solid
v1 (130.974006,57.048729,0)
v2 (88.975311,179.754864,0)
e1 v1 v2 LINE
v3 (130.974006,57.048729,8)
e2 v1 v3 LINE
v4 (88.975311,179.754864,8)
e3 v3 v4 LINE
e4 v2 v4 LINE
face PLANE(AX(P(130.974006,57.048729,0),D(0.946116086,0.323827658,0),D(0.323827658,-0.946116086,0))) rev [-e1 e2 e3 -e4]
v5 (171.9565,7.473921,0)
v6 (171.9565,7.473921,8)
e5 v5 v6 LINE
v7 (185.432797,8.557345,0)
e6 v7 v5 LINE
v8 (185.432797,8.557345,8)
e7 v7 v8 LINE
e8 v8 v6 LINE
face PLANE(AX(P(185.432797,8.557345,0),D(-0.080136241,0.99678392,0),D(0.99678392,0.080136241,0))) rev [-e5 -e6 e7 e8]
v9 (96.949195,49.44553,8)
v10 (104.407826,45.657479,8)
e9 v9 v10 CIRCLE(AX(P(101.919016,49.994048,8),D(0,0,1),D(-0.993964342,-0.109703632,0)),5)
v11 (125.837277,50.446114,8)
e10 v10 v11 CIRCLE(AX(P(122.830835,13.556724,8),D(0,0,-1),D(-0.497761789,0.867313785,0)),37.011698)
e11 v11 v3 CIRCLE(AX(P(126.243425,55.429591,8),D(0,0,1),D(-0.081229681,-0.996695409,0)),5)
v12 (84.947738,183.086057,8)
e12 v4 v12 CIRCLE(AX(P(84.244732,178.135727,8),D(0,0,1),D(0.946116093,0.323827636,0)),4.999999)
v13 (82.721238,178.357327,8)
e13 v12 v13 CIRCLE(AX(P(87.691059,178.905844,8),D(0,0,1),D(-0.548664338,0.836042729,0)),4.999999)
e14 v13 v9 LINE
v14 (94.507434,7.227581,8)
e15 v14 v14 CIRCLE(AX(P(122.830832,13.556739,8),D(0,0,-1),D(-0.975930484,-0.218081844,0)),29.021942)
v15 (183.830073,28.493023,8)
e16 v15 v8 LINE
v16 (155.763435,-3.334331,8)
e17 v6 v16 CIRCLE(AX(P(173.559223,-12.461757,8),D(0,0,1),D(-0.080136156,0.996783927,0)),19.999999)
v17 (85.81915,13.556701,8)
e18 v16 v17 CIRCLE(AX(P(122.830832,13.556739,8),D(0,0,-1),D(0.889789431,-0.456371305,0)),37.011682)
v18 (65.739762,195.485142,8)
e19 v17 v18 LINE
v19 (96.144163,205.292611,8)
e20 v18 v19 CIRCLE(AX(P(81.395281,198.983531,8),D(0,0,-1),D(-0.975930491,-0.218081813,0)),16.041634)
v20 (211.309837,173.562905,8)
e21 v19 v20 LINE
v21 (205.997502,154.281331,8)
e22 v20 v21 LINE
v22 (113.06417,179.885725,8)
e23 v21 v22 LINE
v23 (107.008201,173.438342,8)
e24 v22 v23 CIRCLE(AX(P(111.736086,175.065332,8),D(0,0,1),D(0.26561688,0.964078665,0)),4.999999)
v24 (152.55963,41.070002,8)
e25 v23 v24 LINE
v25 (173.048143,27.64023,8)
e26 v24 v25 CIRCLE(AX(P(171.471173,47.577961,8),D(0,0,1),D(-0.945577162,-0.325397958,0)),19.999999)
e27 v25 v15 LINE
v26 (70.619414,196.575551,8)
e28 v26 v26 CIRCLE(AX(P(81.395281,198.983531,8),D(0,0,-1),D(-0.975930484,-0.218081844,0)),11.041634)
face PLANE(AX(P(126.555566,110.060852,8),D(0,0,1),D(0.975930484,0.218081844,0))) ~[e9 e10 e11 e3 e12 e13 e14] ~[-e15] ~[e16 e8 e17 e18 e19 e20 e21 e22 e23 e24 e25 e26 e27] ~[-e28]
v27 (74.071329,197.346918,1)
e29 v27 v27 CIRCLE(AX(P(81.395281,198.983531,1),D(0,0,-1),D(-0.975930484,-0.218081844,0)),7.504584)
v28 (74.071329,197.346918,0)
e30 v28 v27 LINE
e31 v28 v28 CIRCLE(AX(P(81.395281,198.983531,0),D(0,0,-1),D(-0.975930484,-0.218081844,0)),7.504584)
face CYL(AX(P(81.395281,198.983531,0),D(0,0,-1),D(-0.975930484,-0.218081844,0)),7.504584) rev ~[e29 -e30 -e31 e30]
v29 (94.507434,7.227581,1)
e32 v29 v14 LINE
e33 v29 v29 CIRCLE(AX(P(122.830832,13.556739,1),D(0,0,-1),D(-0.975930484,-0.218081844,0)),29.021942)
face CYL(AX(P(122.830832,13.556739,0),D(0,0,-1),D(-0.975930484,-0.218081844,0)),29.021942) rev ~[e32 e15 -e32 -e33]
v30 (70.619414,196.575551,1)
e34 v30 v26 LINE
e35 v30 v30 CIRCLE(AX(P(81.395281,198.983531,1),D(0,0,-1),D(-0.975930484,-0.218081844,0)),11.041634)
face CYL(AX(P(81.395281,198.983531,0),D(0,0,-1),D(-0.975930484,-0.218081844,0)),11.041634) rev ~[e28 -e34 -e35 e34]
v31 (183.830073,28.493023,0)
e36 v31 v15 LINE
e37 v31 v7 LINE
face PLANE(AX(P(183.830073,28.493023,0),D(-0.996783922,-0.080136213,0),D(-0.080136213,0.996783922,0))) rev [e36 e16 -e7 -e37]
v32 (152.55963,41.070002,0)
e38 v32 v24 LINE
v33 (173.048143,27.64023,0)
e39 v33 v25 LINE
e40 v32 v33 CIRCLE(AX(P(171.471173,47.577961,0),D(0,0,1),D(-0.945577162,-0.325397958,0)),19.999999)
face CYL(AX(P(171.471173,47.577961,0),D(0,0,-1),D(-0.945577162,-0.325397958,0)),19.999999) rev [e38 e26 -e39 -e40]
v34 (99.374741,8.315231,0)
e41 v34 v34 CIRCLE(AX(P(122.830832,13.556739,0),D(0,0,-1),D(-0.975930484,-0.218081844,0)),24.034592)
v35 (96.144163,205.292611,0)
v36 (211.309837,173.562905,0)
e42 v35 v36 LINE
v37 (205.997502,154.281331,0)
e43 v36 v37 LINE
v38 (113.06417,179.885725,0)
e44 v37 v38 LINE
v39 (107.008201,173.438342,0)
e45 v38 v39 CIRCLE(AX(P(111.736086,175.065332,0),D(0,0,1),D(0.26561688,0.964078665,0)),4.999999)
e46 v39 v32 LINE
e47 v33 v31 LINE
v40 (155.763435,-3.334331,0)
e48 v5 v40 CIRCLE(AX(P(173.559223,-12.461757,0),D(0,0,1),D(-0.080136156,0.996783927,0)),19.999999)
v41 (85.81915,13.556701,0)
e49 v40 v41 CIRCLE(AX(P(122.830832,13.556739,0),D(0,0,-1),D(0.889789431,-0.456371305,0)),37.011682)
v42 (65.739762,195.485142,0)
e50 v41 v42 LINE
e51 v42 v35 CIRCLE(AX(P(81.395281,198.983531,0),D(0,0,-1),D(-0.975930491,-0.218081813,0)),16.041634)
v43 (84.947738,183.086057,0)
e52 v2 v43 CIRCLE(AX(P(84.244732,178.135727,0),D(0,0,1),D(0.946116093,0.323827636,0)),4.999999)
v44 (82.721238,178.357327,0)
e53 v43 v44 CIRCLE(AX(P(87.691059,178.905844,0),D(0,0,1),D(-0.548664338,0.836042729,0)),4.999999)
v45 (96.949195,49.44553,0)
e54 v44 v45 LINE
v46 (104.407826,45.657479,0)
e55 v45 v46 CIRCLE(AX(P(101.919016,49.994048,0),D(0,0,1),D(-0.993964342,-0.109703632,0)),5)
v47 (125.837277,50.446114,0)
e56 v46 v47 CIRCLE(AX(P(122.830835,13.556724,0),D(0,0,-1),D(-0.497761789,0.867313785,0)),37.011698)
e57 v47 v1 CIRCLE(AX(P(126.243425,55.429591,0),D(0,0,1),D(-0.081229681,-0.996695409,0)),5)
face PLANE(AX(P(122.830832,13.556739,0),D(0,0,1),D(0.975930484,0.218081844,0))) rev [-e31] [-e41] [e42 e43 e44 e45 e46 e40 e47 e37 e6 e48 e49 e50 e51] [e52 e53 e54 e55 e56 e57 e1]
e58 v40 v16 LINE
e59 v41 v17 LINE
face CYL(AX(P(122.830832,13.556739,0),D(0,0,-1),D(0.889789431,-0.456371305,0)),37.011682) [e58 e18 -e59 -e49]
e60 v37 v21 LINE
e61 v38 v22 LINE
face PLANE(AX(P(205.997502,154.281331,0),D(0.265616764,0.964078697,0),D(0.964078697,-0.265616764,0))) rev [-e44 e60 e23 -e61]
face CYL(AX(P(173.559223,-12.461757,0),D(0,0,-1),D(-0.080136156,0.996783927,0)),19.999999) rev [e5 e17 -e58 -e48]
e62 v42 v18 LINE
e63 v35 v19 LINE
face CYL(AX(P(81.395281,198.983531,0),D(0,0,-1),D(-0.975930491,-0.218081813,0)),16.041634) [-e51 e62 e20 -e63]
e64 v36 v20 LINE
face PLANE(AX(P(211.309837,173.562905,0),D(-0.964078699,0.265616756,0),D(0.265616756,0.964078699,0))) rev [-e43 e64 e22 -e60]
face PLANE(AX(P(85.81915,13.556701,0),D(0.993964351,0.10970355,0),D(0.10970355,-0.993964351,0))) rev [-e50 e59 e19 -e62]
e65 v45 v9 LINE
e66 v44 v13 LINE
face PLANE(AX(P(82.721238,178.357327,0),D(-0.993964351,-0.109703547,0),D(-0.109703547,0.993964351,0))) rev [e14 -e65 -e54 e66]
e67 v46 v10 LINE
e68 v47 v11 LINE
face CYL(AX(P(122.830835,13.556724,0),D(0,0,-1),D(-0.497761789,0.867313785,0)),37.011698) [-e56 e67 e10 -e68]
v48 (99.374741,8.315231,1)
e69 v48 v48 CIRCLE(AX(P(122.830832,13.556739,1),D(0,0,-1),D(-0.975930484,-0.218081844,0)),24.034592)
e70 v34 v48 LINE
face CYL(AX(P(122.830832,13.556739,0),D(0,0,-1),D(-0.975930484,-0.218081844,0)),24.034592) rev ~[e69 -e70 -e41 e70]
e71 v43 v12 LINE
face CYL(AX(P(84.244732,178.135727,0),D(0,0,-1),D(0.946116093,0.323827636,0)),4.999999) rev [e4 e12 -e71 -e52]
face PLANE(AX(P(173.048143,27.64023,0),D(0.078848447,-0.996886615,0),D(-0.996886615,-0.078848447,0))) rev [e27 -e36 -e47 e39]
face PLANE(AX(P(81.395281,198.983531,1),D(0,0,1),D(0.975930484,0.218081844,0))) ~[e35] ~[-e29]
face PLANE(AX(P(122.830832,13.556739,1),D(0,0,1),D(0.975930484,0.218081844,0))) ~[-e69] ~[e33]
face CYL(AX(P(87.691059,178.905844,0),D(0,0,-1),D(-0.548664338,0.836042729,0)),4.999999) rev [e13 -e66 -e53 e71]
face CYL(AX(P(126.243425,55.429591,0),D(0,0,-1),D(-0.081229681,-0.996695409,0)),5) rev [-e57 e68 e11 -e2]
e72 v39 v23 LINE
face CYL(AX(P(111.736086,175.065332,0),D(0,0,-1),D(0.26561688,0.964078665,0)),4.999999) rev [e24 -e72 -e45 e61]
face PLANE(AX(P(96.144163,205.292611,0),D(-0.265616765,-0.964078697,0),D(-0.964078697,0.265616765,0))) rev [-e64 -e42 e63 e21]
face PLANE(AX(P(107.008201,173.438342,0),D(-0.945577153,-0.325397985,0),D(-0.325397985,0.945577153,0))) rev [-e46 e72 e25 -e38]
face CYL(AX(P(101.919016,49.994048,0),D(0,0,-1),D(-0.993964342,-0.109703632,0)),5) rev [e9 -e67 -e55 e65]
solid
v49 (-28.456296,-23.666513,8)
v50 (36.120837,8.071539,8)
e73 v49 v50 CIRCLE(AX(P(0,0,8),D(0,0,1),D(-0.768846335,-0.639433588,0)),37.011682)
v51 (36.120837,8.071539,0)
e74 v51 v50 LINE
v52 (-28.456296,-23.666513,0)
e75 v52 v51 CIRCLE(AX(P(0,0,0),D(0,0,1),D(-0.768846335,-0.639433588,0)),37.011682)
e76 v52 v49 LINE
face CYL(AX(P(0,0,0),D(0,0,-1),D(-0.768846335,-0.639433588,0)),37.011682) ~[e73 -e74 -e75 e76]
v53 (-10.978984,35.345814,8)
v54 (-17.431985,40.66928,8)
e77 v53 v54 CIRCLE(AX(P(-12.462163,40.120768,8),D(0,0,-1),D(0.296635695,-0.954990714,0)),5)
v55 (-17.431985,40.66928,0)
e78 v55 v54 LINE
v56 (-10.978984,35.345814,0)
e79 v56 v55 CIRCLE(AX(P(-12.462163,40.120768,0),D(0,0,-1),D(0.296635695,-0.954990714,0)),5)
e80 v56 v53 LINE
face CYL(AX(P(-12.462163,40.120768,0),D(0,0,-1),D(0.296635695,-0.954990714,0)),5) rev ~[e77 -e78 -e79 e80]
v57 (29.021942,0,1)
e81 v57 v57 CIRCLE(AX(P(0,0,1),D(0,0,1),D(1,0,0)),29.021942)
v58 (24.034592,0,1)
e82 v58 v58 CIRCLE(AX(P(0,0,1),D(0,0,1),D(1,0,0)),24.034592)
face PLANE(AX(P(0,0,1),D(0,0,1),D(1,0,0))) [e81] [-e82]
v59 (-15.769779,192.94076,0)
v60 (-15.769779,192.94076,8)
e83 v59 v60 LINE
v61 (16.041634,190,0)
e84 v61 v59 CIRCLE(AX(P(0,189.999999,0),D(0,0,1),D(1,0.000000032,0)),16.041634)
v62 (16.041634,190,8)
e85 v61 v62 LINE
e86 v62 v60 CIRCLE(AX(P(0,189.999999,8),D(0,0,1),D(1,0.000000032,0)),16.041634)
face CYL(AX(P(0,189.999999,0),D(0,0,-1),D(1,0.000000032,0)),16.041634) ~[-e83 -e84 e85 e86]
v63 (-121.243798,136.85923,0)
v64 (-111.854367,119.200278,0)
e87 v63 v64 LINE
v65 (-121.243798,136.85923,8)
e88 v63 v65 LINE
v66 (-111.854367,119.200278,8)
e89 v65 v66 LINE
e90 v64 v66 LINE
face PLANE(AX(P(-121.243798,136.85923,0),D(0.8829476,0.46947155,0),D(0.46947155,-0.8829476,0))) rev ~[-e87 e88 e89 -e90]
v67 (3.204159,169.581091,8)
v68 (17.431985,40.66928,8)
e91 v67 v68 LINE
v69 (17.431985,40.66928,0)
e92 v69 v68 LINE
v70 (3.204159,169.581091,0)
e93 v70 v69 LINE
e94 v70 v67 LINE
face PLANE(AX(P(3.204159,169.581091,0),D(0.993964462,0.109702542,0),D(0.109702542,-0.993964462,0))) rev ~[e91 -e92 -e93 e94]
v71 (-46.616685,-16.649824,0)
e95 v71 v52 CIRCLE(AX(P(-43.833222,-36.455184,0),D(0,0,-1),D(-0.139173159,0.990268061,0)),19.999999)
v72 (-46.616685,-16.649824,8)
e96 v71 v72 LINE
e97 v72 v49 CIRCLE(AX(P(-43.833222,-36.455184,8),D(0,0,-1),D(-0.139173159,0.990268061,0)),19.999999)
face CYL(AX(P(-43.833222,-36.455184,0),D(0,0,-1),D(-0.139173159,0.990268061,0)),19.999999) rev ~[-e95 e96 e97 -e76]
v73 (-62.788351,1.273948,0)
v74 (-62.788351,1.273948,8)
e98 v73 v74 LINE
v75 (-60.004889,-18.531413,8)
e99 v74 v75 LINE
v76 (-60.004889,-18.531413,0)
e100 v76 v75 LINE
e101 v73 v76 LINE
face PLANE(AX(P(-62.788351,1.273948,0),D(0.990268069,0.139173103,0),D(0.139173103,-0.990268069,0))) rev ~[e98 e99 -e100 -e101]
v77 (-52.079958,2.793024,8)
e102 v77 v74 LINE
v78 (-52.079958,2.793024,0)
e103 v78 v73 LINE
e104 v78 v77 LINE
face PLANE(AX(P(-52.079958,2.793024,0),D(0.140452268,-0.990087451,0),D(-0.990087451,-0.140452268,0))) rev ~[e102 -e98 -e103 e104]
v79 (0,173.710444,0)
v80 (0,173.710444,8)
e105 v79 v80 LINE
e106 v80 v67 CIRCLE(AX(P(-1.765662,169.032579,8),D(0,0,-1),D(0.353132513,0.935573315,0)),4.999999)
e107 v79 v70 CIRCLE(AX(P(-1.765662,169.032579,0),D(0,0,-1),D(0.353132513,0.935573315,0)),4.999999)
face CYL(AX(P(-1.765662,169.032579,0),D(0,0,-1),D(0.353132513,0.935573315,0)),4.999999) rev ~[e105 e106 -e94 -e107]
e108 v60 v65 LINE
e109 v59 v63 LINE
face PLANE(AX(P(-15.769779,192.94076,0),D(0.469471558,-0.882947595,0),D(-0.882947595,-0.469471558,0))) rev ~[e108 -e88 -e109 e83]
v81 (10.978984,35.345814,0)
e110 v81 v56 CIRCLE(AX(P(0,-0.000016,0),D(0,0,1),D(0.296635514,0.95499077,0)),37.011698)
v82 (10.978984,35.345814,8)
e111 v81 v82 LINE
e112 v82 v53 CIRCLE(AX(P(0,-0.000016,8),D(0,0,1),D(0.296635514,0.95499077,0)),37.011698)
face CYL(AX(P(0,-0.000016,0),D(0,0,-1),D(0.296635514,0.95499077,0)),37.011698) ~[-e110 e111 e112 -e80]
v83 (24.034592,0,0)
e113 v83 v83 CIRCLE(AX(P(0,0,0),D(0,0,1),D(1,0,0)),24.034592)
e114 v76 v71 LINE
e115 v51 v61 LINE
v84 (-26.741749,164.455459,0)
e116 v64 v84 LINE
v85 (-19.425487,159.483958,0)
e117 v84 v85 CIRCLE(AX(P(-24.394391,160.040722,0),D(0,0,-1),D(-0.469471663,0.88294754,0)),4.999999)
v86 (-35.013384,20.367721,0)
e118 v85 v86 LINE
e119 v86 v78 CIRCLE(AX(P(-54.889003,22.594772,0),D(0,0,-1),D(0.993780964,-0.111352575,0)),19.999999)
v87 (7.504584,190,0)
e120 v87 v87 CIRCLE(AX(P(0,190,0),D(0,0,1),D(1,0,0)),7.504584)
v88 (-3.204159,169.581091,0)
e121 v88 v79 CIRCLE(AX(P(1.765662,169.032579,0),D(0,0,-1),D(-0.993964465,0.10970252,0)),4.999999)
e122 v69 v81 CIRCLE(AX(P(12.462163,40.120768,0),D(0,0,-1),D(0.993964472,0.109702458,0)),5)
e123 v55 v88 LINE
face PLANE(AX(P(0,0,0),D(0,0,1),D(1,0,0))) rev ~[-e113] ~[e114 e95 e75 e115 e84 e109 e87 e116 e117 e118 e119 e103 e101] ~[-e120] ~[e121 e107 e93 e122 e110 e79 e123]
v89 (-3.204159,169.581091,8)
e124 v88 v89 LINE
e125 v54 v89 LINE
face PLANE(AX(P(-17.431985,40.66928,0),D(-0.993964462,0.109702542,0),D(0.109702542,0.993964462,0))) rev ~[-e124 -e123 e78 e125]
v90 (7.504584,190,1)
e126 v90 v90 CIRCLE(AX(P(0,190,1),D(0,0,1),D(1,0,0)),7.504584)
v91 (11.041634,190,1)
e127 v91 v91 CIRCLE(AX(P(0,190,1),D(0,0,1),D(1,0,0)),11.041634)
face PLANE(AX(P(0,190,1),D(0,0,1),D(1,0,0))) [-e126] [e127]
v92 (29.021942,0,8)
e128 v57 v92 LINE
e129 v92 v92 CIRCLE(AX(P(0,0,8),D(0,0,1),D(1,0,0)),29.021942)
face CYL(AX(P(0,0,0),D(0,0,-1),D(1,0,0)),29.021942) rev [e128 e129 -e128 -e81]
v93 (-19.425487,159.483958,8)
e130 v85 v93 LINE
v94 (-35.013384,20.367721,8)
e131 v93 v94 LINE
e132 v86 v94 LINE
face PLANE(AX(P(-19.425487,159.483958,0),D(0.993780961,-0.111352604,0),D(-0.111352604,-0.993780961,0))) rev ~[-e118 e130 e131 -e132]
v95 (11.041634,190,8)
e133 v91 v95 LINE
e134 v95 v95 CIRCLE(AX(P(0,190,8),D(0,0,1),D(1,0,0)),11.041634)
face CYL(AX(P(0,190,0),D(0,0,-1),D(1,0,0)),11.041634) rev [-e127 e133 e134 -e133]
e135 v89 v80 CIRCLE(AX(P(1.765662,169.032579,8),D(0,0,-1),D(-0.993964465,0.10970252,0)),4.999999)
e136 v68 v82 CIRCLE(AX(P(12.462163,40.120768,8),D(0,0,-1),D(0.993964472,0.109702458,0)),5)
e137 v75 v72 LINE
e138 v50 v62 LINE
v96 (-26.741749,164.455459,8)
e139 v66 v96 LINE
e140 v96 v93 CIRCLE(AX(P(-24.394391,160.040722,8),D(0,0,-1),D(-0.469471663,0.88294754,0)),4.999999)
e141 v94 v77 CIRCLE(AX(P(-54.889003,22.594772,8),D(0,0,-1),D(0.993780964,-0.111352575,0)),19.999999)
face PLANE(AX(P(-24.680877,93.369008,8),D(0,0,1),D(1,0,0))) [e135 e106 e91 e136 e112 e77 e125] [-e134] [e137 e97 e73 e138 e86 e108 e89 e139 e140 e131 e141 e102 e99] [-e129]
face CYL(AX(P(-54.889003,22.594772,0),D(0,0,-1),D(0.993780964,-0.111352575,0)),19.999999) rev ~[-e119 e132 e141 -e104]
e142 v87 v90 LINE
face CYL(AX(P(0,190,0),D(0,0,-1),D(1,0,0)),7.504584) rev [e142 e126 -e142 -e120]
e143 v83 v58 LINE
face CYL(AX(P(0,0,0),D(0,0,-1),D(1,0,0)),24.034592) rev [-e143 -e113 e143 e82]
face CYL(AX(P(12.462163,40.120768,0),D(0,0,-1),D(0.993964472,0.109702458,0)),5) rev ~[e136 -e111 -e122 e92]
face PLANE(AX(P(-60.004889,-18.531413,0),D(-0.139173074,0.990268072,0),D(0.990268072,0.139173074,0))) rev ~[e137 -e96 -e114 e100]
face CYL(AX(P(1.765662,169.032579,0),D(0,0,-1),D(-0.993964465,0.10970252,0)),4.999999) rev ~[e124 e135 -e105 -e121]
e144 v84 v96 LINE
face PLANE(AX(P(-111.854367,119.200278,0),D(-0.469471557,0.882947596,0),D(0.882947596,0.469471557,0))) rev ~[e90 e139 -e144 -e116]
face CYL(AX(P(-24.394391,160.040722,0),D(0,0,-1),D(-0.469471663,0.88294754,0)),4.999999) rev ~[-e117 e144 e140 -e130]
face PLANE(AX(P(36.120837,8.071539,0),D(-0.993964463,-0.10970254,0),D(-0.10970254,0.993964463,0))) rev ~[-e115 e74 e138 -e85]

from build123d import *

# Parameters (mm, degrees)
F0_R     = 29.021942
F0_R_2   = 11.041634
F1_DEPTH = 8
F0_R_3   = 7.504584
F2_DEPTH = 1
F0_R_4   = 24.034592
F3_DEPTH = 1


with BuildPart() as f1:
    # F0 (on Top) → F1 (new body)
    with BuildSketch(Plane.XY):
        with BuildLine():
            ThreePointArc((-46.616685, -16.649824), (-36.62508, -17.799283), (-28.456296, -23.666513))
            ThreePointArc((-28.456296, -23.666513), (16.325204, -33.216748), (36.120837, 8.071539))
            Line((36.120837, 8.071539), (16.041634, 190))
            ThreePointArc((16.041634, 190), (1.47665, 205.973525), (-15.769779, 192.94076))
            Line((-15.769779, 192.94076), (-121.243798, 136.85923))
            Line((-121.243798, 136.85923), (-111.854367, 119.200278))
            Line((-111.854367, 119.200278), (-26.741749, 164.455459))
            ThreePointArc((-26.741749, 164.455459), (-21.584217, 164.176289), (-19.425487, 159.483958))
            Line((-19.425487, 159.483958), (-35.013384, 20.367721))
            ThreePointArc((-35.013384, 20.367721), (-40.540972, 8.661575), (-52.079958, 2.793024))
            Line((-52.079958, 2.793024), (-62.788351, 1.273948))
            Line((-62.788351, 1.273948), (-60.004889, -18.531413))
            Line((-60.004889, -18.531413), (-46.616685, -16.649824))
        make_face()
        Circle(F0_R, mode=Mode.SUBTRACT)
        with BuildLine():
            Line((-17.431985, 40.66928), (-3.204159, 169.581091))
            ThreePointArc((-3.204159, 169.581091), (-2.1846, 172.097773), (0, 173.710444))
            ThreePointArc((0, 173.710444), (2.1846, 172.097773), (3.204159, 169.581091))
            Line((3.204159, 169.581091), (17.431985, 40.66928))
            ThreePointArc((17.431985, 40.66928), (15.643985, 36.263825), (10.978984, 35.345814))
            ThreePointArc((10.978984, 35.345814), (0, 37.011682), (-10.978984, 35.345814))
            ThreePointArc((-10.978984, 35.345814), (-15.643985, 36.263825), (-17.431985, 40.66928))
        make_face(mode=Mode.SUBTRACT)
        with Locations((0, 190)):
            Circle(F0_R_2, mode=Mode.SUBTRACT)
    extrude(amount=F1_DEPTH)

    # F0 (on Top) → F2 (join)
    with BuildSketch(Plane.XY):
        with Locations((0, 190)):
            Circle(F0_R_2)
        with Locations((0, 190)):
            Circle(F0_R_3, mode=Mode.SUBTRACT)
    extrude(amount=F2_DEPTH)

    # F0 (on Top) → F3 (join)
    with BuildSketch(Plane.XY):
        Circle(F0_R)
        Circle(F0_R_4, mode=Mode.SUBTRACT)
    extrude(amount=F3_DEPTH)


with BuildPart() as f5_1:
    # F5: instance of F1
    add(f1.part.mirror(Plane(origin=(50.930347, 101.778333, 4), x_dir=(-0.109703, 0.993964, 0), z_dir=(0.993964, 0.109703, 0))))


solid = Compound([f1.part, f5_1.part])
